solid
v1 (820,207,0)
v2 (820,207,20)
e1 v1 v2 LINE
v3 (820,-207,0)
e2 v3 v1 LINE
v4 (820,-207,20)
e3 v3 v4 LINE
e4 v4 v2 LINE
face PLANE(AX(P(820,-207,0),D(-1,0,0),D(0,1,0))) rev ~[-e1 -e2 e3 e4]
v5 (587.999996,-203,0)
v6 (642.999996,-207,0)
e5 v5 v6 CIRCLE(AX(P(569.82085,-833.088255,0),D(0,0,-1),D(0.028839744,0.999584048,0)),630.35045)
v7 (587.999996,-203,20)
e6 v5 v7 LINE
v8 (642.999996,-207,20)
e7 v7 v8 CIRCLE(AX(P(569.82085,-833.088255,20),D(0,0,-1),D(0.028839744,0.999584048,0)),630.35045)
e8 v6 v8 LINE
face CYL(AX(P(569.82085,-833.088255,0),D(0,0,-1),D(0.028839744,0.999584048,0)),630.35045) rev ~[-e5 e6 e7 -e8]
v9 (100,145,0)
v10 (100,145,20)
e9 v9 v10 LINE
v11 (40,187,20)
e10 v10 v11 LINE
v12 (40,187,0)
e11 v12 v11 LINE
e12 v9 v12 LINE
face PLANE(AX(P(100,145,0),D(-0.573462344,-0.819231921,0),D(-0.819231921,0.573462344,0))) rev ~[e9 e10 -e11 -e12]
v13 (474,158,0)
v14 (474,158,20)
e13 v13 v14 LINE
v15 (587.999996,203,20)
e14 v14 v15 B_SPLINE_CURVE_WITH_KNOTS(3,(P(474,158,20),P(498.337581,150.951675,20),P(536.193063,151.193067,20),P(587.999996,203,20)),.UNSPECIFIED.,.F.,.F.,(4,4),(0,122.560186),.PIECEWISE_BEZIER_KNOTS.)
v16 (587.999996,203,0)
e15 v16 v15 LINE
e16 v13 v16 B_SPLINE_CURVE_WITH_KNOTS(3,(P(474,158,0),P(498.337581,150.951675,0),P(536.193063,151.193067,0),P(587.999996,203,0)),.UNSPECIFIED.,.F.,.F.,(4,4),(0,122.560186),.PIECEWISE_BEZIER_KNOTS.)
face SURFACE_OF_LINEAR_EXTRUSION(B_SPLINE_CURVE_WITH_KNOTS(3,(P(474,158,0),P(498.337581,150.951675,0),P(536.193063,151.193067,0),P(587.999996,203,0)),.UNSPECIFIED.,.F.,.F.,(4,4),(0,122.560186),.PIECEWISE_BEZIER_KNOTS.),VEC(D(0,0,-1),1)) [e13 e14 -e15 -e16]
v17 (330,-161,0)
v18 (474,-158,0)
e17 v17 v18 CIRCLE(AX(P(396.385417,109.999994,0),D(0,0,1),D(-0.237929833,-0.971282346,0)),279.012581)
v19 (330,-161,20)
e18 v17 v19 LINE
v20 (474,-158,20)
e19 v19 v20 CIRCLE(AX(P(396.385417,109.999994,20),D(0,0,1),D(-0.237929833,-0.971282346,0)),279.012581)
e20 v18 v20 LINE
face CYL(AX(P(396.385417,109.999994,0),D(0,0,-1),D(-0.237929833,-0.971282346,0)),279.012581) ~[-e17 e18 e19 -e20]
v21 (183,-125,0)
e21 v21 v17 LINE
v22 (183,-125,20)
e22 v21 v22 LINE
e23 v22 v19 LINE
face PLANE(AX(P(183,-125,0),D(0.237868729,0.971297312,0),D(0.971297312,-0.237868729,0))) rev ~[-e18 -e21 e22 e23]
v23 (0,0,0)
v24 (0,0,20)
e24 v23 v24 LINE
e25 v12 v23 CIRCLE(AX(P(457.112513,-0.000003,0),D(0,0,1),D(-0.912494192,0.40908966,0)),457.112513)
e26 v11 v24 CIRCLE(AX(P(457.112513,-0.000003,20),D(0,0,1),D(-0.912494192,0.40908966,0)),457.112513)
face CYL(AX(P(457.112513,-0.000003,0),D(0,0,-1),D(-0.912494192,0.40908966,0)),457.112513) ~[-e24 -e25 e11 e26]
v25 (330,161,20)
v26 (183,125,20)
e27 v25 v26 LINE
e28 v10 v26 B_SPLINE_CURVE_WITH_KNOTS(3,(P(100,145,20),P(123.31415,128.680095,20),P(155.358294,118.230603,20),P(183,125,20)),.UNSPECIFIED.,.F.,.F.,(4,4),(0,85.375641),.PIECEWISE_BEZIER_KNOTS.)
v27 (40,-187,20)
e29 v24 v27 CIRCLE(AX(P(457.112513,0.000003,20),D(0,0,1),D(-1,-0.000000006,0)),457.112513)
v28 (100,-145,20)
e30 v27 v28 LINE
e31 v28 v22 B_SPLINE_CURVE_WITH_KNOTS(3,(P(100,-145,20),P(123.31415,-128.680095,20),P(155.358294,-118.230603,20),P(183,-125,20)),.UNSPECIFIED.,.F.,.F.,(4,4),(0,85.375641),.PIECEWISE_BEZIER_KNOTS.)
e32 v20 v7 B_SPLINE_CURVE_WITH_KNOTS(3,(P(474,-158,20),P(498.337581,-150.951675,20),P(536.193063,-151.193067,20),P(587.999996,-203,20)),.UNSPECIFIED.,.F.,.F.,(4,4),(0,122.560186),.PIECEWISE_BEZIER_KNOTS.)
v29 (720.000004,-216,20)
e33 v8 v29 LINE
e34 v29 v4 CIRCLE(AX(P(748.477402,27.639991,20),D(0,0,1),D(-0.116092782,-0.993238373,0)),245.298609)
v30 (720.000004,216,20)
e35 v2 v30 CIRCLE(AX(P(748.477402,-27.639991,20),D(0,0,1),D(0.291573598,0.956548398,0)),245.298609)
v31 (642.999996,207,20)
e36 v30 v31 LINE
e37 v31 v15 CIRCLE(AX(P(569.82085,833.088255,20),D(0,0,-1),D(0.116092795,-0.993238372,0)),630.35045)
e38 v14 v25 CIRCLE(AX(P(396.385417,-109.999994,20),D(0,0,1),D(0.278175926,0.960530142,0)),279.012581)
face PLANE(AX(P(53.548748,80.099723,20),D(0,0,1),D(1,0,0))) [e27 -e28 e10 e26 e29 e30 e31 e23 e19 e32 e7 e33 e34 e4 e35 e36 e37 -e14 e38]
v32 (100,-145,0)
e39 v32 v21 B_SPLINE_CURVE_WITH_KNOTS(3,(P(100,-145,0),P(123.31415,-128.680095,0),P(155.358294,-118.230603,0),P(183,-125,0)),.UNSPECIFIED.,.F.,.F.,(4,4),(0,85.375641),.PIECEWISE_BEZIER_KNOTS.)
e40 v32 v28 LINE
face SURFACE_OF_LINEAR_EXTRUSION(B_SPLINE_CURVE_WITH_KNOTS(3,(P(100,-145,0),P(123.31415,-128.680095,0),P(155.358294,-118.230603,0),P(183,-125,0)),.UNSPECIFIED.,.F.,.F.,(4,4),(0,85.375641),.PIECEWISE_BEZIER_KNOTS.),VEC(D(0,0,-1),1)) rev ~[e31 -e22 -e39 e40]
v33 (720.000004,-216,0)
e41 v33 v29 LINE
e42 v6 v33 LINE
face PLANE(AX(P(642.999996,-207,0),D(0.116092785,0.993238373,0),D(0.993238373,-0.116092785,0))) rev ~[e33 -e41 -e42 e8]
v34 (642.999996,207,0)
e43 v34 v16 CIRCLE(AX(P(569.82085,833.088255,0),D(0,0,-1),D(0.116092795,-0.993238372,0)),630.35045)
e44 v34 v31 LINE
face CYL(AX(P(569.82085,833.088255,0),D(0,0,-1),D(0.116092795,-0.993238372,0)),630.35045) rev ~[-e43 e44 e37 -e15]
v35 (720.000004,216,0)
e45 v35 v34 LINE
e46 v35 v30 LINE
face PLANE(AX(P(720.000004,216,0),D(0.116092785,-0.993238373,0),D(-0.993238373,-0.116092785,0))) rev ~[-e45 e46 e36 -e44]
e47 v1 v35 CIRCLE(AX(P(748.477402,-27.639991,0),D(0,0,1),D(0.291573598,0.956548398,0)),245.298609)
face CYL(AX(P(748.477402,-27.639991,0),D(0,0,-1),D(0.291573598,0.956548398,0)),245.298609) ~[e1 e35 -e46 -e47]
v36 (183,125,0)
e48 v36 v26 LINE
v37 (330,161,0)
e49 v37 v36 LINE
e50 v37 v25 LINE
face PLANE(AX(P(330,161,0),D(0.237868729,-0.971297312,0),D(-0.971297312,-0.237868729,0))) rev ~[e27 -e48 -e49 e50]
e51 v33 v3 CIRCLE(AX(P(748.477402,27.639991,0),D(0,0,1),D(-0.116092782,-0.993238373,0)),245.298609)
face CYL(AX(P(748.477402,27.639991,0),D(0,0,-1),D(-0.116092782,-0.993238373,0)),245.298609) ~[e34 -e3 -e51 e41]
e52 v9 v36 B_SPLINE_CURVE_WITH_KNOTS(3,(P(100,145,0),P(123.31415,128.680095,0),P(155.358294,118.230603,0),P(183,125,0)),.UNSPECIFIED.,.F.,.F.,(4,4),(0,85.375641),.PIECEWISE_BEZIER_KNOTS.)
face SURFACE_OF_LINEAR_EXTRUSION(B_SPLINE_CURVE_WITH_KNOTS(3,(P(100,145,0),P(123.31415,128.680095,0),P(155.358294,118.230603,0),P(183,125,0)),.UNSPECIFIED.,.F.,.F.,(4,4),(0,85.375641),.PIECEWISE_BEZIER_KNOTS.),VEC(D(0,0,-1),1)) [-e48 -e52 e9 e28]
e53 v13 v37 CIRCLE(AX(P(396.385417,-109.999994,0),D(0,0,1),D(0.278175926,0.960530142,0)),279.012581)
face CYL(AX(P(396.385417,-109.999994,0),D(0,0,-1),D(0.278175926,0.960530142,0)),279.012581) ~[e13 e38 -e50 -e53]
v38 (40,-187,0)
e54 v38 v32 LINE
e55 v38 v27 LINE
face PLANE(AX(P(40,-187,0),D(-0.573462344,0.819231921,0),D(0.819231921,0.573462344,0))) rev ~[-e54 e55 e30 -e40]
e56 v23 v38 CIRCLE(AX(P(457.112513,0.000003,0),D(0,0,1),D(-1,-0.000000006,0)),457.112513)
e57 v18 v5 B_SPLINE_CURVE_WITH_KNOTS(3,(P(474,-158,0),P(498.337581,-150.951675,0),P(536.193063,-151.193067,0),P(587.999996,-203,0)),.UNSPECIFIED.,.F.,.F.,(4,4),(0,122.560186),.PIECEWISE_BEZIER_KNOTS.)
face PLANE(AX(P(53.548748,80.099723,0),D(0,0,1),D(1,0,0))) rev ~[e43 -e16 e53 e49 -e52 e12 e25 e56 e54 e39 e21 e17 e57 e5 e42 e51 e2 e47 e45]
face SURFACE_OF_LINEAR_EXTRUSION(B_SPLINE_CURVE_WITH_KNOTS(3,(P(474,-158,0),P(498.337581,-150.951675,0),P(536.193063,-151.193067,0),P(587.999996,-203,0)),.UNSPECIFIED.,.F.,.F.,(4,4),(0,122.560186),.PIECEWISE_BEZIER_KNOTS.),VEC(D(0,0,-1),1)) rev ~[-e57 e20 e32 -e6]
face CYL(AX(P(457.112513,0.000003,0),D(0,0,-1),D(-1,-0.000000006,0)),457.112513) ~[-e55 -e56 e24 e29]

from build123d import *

# Parameters (mm, degrees)
F1_DEPTH = 20


with BuildPart() as f1:
    # F0 (on Top) → F1 (new body)
    with BuildSketch(Plane.XY):
        with BuildLine():
            ThreePointArc((40, 187), (10.111843, 95.615114), (0, 0))
            Line((0, 0), (100, 0))
            Line((100, 0), (100, 145))
            Line((100, 145), (40, 187))
        make_face()
        with BuildLine():
            Line((100, 0), (0, 0))
            ThreePointArc((0, 0), (10.111843, -95.615114), (40, -187))
            Line((40, -187), (100, -145))
            Line((100, -145), (100, 0))
        make_face()
        with BuildLine():
            Line((100, 145), (100, 0))
            Line((100, 0), (183, 0))
            Line((183, 0), (183, 125))
            add(Edge.make_bspline(
                [(100, 145), (123.31415, 128.680095), (155.358294, 118.230603), (183, 125)],
                knots=[0, 0, 0, 0, 85.375641, 85.375641, 85.375641, 85.375641], degree=3))
        make_face()
        with BuildLine():
            Line((183, 0), (100, 0))
            Line((100, 0), (100, -145))
            add(Edge.make_bspline(
                [(100, -145), (123.31415, -128.680095), (155.358294, -118.230603), (183, -125)],
                knots=[0, 0, 0, 0, 85.375641, 85.375641, 85.375641, 85.375641], degree=3))
            Line((183, -125), (183, 0))
        make_face()
        Polygon((183, 125), (183, 0), (330, 0), (330, 161), align=None)
        Polygon((330, 0), (183, 0), (183, -125), (330, -161), align=None)
        with BuildLine():
            Line((330, 161), (330, 0))
            Line((330, 0), (474, 0))
            Line((474, 0), (474, 158))
            ThreePointArc((474, 158), (402.196918, 168.952057), (330, 161))
        make_face()
        with BuildLine():
            Line((474, 0), (330, 0))
            Line((330, 0), (330, -161))
            ThreePointArc((330, -161), (402.196918, -168.952057), (474, -158))
            Line((474, -158), (474, 0))
        make_face()
        with BuildLine():
            Line((474, 158), (474, 0))
            Line((474, 0), (587.999996, 0))
            Line((587.999996, 0), (587.999996, 203))
            add(Edge.make_bspline(
                [(474, 158), (498.337581, 150.951675), (536.193063, 151.193067), (587.999996, 203)],
                knots=[0, 0, 0, 0, 122.560186, 122.560186, 122.560186, 122.560186], degree=3))
        make_face()
        with BuildLine():
            Line((587.999996, 0), (474, 0))
            Line((474, 0), (474, -158))
            add(Edge.make_bspline(
                [(474, -158), (498.337581, -150.951675), (536.193063, -151.193067), (587.999996, -203)],
                knots=[0, 0, 0, 0, 122.560186, 122.560186, 122.560186, 122.560186], degree=3))
            Line((587.999996, -203), (587.999996, 0))
        make_face()
        with BuildLine():
            Line((587.999996, 203), (587.999996, 0))
            Line((587.999996, 0), (642.999996, 0))
            Line((642.999996, 0), (642.999996, 207))
            ThreePointArc((642.999996, 207), (615.543759, 204.398263), (587.999996, 203))
        make_face()
        with BuildLine():
            Line((642.999996, 0), (587.999996, 0))
            Line((587.999996, 0), (587.999996, -203))
            ThreePointArc((587.999996, -203), (615.543759, -204.398263), (642.999996, -207))
            Line((642.999996, -207), (642.999996, 0))
        make_face()
        Polygon((642.999996, 207), (642.999996, 0), (720.000004, 0), (720.000004, 216), align=None)
        Polygon((720.000004, 0), (642.999996, 0), (642.999996, -207), (720.000004, -216), align=None)
        with BuildLine():
            Line((720.000004, 216), (720.000004, 0))
            Line((720.000004, 0), (820, 0))
            Line((820, 0), (820, 207))
            ThreePointArc((820, 207), (770.465406, 216.671153), (720.000004, 216))
        make_face()
        with BuildLine():
            Line((820, 0), (720.000004, 0))
            Line((720.000004, 0), (720.000004, -216))
            ThreePointArc((720.000004, -216), (770.465406, -216.671153), (820, -207))
            Line((820, -207), (820, 0))
        make_face()
    extrude(amount=F1_DEPTH)


solid = f1.part
